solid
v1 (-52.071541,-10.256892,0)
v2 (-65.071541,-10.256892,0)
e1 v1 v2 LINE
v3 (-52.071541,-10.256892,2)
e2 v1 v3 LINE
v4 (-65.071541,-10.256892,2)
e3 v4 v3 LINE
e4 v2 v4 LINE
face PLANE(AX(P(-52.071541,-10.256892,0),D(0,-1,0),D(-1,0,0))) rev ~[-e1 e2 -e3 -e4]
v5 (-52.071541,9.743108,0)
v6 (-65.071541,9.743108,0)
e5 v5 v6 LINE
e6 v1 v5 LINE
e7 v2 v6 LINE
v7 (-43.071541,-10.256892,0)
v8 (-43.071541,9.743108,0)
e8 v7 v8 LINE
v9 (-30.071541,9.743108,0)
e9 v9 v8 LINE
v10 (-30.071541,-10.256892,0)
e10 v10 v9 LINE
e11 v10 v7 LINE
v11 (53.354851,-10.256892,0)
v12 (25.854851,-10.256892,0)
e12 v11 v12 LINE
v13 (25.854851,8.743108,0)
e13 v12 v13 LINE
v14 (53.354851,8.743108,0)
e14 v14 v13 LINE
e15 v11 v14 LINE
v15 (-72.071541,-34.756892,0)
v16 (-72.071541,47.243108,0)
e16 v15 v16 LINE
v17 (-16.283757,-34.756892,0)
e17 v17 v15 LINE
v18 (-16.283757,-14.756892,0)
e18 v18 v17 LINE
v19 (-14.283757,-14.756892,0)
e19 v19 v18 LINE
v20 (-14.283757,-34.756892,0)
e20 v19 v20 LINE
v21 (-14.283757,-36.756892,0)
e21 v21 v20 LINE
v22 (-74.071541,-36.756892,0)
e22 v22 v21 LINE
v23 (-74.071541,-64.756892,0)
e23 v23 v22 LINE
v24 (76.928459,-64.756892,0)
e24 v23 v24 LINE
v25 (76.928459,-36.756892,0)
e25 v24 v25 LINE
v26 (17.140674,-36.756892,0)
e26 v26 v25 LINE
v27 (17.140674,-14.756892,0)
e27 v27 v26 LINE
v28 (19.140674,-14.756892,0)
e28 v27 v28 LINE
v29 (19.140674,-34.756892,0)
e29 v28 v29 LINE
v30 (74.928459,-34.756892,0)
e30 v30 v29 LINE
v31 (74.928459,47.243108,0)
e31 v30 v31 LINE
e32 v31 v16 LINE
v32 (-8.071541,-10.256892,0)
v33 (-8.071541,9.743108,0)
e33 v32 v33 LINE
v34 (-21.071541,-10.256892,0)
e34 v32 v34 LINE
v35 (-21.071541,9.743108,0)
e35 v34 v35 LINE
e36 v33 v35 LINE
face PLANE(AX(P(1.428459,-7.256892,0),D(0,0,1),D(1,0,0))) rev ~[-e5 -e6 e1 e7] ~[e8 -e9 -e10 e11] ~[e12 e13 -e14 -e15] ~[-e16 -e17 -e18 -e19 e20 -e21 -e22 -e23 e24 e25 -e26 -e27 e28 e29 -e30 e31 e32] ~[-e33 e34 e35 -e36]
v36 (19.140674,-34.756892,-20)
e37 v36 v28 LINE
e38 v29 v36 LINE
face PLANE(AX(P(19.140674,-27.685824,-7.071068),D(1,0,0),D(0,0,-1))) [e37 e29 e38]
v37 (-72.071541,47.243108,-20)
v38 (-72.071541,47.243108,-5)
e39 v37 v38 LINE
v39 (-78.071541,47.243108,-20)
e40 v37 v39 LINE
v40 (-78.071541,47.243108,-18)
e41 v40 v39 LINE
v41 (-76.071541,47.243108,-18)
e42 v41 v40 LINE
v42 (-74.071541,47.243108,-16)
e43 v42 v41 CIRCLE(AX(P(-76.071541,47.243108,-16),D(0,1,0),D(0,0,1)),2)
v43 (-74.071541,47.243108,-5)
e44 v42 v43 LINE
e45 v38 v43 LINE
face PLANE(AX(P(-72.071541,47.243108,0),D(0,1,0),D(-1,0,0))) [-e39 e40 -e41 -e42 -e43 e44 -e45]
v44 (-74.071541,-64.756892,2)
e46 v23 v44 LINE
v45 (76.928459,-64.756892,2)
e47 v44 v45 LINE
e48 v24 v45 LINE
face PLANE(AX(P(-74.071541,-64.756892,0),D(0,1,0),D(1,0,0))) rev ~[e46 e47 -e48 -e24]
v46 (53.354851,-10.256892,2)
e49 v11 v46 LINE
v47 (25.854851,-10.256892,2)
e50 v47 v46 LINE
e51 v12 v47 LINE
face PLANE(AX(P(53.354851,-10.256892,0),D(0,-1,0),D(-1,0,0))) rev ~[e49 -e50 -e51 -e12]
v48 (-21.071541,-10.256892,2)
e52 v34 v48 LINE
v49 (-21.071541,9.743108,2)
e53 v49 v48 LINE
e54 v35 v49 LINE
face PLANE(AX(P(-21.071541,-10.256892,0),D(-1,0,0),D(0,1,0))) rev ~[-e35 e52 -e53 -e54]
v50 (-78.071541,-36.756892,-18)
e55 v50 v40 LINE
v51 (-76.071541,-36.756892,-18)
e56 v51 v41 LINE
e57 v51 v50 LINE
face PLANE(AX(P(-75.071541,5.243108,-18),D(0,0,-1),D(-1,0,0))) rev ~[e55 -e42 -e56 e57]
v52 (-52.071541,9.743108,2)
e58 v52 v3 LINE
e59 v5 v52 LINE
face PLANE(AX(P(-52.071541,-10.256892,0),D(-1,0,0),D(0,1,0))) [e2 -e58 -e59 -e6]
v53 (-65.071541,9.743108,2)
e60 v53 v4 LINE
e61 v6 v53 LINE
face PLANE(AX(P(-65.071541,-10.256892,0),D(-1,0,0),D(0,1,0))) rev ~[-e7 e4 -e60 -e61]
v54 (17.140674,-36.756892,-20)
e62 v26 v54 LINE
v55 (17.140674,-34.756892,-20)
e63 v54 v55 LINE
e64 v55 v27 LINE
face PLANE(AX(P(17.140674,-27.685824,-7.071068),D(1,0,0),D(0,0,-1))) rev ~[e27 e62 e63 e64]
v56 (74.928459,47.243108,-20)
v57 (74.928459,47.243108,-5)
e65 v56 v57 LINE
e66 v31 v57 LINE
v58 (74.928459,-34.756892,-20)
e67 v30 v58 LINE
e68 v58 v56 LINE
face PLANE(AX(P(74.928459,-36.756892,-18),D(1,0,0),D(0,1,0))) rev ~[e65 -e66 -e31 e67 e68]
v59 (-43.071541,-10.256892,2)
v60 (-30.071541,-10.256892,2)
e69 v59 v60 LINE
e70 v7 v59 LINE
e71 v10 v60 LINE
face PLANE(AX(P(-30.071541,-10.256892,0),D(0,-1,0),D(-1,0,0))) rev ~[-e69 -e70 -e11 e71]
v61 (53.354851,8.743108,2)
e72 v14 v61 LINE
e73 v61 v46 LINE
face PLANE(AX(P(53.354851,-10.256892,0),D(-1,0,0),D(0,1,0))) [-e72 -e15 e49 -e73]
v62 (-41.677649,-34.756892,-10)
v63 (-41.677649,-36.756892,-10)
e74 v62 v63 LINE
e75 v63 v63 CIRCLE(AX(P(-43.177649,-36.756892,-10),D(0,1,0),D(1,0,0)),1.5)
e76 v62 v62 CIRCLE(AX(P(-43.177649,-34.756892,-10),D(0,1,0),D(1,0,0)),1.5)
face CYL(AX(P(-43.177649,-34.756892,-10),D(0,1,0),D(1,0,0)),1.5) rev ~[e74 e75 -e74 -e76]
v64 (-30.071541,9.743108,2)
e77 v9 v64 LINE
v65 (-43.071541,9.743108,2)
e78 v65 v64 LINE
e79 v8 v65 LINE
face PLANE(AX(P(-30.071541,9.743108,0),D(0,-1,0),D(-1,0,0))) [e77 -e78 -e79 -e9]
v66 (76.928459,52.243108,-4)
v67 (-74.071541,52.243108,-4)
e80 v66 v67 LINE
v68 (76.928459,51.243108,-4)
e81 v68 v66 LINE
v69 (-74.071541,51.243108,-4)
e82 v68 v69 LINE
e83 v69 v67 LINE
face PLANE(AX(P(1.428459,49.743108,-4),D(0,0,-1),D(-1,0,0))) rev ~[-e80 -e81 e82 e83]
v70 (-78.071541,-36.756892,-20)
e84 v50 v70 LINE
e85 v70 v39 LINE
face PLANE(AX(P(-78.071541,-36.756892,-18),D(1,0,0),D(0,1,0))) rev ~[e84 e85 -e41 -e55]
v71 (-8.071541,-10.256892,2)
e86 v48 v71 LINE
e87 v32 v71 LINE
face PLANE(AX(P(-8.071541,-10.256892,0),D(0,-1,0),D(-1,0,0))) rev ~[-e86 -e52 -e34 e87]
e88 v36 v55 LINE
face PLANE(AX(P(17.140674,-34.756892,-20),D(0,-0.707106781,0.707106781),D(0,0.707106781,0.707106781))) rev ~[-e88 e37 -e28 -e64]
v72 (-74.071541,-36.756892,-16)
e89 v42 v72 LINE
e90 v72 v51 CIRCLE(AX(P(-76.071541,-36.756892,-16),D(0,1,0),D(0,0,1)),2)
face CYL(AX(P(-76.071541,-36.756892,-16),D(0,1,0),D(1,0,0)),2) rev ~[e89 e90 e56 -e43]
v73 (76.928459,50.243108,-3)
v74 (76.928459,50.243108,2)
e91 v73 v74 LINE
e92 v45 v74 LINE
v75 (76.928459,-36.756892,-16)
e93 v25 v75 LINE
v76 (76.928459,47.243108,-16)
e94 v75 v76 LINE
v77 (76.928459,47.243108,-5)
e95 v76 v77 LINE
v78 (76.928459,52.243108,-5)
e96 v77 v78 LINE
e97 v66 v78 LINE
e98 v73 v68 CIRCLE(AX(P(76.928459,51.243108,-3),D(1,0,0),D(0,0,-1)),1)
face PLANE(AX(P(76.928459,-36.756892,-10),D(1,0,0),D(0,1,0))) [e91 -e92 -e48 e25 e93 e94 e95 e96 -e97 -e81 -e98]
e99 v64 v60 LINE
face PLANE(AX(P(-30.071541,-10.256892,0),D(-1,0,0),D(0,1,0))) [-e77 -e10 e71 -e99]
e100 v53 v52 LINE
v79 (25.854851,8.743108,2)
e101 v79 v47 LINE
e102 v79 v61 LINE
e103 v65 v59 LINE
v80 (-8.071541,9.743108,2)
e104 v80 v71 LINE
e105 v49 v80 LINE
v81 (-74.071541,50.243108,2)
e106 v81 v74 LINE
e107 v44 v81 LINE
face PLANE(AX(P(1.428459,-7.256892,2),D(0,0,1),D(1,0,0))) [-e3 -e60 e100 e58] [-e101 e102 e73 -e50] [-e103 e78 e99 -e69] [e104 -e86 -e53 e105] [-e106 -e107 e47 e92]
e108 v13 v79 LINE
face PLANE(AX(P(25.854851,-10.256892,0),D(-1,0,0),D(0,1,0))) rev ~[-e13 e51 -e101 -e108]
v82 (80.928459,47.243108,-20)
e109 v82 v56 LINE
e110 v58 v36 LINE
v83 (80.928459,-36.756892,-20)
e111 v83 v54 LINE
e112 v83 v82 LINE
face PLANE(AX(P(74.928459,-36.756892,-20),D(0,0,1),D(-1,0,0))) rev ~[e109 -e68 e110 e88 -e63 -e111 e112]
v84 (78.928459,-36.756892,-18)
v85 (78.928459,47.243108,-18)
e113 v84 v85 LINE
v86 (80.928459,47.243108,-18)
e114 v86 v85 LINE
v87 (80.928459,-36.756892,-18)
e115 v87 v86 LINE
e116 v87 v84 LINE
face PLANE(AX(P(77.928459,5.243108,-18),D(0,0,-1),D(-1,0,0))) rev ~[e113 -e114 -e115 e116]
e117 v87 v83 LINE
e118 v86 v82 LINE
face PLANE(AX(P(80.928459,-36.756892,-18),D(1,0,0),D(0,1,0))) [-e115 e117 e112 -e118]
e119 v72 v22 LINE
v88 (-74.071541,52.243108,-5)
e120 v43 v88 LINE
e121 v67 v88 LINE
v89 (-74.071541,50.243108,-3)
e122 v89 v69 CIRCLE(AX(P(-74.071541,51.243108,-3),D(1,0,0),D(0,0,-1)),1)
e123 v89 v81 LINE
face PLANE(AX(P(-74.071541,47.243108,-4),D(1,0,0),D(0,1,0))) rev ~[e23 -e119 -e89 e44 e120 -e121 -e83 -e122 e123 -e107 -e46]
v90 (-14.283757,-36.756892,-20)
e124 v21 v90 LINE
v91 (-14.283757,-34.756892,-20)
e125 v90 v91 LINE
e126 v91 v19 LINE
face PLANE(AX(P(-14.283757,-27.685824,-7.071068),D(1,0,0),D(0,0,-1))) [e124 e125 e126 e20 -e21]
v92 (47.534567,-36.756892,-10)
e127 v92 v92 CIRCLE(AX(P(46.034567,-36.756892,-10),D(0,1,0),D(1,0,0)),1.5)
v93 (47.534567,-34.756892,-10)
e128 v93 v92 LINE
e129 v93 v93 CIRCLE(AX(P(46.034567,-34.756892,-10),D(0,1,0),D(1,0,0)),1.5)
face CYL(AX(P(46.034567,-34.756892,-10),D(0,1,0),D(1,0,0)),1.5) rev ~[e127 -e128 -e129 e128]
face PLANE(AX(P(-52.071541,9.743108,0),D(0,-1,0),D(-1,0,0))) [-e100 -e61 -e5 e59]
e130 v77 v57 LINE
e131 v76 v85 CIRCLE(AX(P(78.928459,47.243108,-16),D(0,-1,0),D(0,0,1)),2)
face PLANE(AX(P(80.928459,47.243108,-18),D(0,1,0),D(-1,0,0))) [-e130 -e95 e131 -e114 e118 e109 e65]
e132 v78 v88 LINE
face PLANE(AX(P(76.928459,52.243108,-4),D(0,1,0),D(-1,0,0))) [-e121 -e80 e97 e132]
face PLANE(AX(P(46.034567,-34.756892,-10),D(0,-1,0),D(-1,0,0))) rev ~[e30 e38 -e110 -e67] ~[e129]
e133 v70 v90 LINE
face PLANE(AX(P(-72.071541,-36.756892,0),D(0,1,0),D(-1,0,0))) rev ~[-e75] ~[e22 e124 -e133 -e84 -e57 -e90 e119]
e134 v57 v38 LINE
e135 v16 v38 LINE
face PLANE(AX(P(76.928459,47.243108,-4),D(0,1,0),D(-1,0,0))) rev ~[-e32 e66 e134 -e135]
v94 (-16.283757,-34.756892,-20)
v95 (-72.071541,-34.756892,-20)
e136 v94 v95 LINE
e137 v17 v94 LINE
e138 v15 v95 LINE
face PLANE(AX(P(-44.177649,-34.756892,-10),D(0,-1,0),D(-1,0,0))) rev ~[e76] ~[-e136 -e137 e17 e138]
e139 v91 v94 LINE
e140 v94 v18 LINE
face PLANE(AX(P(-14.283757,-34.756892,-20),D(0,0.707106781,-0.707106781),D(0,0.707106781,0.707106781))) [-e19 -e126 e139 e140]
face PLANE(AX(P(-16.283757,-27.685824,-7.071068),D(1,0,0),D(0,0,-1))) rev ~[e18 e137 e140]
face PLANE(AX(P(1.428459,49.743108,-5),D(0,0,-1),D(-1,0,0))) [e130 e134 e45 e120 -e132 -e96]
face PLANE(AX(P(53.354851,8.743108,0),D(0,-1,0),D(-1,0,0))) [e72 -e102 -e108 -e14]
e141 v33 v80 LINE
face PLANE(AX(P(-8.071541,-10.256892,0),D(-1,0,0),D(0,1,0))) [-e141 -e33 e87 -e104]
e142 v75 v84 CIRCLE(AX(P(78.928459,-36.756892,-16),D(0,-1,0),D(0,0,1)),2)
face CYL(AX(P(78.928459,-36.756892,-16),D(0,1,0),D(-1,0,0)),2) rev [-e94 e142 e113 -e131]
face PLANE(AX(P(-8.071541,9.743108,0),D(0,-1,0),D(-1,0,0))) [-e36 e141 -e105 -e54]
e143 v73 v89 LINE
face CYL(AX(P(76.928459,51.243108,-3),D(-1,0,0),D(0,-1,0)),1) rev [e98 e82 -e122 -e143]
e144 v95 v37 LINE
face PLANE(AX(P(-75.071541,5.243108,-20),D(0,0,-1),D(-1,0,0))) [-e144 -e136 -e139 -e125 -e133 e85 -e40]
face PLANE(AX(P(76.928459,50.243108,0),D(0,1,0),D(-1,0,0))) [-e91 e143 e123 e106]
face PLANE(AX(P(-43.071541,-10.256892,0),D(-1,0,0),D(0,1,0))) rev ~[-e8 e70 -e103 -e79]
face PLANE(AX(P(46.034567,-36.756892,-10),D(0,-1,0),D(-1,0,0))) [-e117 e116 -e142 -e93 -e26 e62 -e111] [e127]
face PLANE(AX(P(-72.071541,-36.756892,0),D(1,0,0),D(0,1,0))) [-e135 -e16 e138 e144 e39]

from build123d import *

# Parameters (mm, degrees)
SKETCH1_W            = 151
SKETCH1_H            = 115
BOSS_EXTRUDE1_DEPTH  = 2
SKETCH2_W            = 13
SKETCH2_H            = 20
CUT_EXTRUDE1_DEPTH   = 2
SKETCH3_W            = 27.5
SKETCH3_H            = 19
CUT_EXTRUDE2_DEPTH   = 2
SKETCH4_W            = 151
SKETCH4_H            = 3
BOSS_EXTRUDE2_DEPTH  = 4
SKETCH6_W            = 151
SKETCH6_H            = 5
BOSS_EXTRUDE3_DEPTH  = 1
FILLET1_R            = 1
SKETCH7_W            = 2
SKETCH7_H            = 84
BOSS_EXTRUDE4_DEPTH  = 10
SKETCH8_W            = 27.5
SKETCH8_H            = 19
SKETCH8_W_2          = 13
SKETCH8_H_2          = 20
CUT_EXTRUDE3_DEPTH   = 10
SKETCH9_W            = 126.512620881
SKETCH9_H            = 26.913833817
BOSS_EXTRUDE5_DEPTH  = 2
SKETCH10_W           = 2
SKETCH10_H           = 84
BOSS_EXTRUDE6_DEPTH  = 8
SKETCH12_W           = 6
SKETCH12_H           = 84
BOSS_EXTRUDE7_DEPTH  = 2
FILLET2_R            = 2
FILLET3_R            = 2
SKETCH14_W           = 57.787784132
SKETCH14_H           = 20
SKETCH14_W_2         = 59.787784131
BOSS_EXTRUDE8_DEPTH  = 2
SKETCH15_R           = 1.5
CUT_EXTRUDE4_DEPTH   = 2
BOSS_EXTRUDE9_DEPTH  = 2
BOSS_EXTRUDE10_DEPTH = 2


with BuildPart() as part:
    # Sketch1 → Boss-Extrude1 (new body)
    with BuildSketch(Plane.XY):
        with Locations((1.428458571, -7.256892256)):
            Rectangle(SKETCH1_W, SKETCH1_H)
    extrude(amount=BOSS_EXTRUDE1_DEPTH)

    # Sketch2 → Cut-Extrude1 (cut)
    with BuildSketch(Plane.XY.offset(2)):
        with Locations((-58.571541429, -29.756892256)):
            Rectangle(SKETCH2_W, SKETCH2_H)
        with Locations((-36.571541429, -29.756892256)):
            Rectangle(SKETCH2_W, SKETCH2_H)
        with Locations((-14.571541429, -29.756892256)):
            Rectangle(SKETCH2_W, SKETCH2_H)
    extrude(amount=-CUT_EXTRUDE1_DEPTH, mode=Mode.SUBTRACT)

    # Sketch3 → Cut-Extrude2 (cut)
    with BuildSketch(Plane.XY.offset(2)):
        with Locations((39.228458571, -29.756892256)):
            Rectangle(SKETCH3_W, SKETCH3_H)
    extrude(amount=-CUT_EXTRUDE2_DEPTH, mode=Mode.SUBTRACT)

    # Sketch4 → Boss-Extrude2 (add)
    with BuildSketch(Plane(origin=(0, 0, 0), x_dir=(-1, 0, 0), z_dir=(0, 0, -1))):
        with Locations((-1.428458571, 48.743107744)):
            Rectangle(SKETCH4_W, SKETCH4_H)
    extrude(amount=BOSS_EXTRUDE2_DEPTH)

    # Sketch6 → Boss-Extrude3 (add)
    with BuildSketch(Plane(origin=(0, 0, -4), x_dir=(-1, 0, 0), z_dir=(0, 0, -1))):
        with Locations((-1.428458571, 49.743107744)):
            Rectangle(SKETCH6_W, SKETCH6_H)
    extrude(amount=BOSS_EXTRUDE3_DEPTH)

    # Fillet1
    fillet1_edges = [part.edges().sort_by_distance(p)[0] for p in [
        (1.428458571, 50.243107744, -4),
    ]]
    fillet(fillet1_edges, radius=FILLET1_R)

    # Sketch7 → Boss-Extrude4 (add)
    with BuildSketch(Plane(origin=(0, 0, 0), x_dir=(-1, 0, 0), z_dir=(0, 0, -1))):
        with Locations((-75.928458571, 5.243107744)):
            Rectangle(SKETCH7_W, SKETCH7_H)
        with Locations((73.071541429, 5.243107744)):
            Rectangle(SKETCH7_W, SKETCH7_H)
    extrude(amount=BOSS_EXTRUDE4_DEPTH)

    # Sketch8 → Cut-Extrude3 (cut)
    with BuildSketch(Plane(origin=(0, 0, 0), x_dir=(-1, 0, 0), z_dir=(0, 0, -1))):
        with Locations((-39.604851179, -0.756892256)):
            Rectangle(SKETCH8_W, SKETCH8_H)
        with Locations((14.571541429, -0.256892256)):
            Rectangle(SKETCH8_W_2, SKETCH8_H_2)
        with Locations((36.571541429, -0.256892256)):
            Rectangle(SKETCH8_W_2, SKETCH8_H_2)
        with Locations((58.571541429, -0.256892256)):
            Rectangle(SKETCH8_W_2, SKETCH8_H_2)
    extrude(amount=-CUT_EXTRUDE3_DEPTH, mode=Mode.SUBTRACT)

    # Sketch9 → Boss-Extrude5 (add)
    with BuildSketch(Plane(origin=(0, 0, 0), x_dir=(-1, 0, 0), z_dir=(0, 0, -1))):
        with Locations((5.18783125, -30.15024479)):
            Rectangle(SKETCH9_W, SKETCH9_H)
    extrude(amount=-BOSS_EXTRUDE5_DEPTH)

    # Sketch10 → Boss-Extrude6 (add)
    with BuildSketch(Plane(origin=(0, 0, -10), x_dir=(-1, 0, 0), z_dir=(0, 0, -1))):
        with Locations((-75.928458571, 5.243107744)):
            Rectangle(SKETCH10_W, SKETCH10_H)
        with Locations((73.071541429, 5.243107744)):
            Rectangle(SKETCH10_W, SKETCH10_H)
    extrude(amount=BOSS_EXTRUDE6_DEPTH)

    # Sketch12 → Boss-Extrude7 (add)
    with BuildSketch(Plane(origin=(0, 0, -18), x_dir=(-1, 0, 0), z_dir=(0, 0, -1))):
        with Locations((-77.928458571, 5.243107744)):
            Rectangle(SKETCH12_W, SKETCH12_H)
        with Locations((75.071541429, 5.243107744)):
            Rectangle(SKETCH12_W, SKETCH12_H)
    extrude(amount=BOSS_EXTRUDE7_DEPTH)

    # Fillet2
    fillet2_edges = [part.edges().sort_by_distance(p)[0] for p in [
        (76.928458571, 5.243107744, -18),
    ]]
    fillet(fillet2_edges, radius=FILLET2_R)

    # Fillet3
    fillet3_edges = [part.edges().sort_by_distance(p)[0] for p in [
        (-74.071541429, 5.243107744, -18),
    ]]
    fillet(fillet3_edges, radius=FILLET3_R)

    # Sketch14 → Boss-Extrude8 (add)
    with BuildSketch(Plane(origin=(0, -36.756892256, 0), x_dir=(-1, 0, 0), z_dir=(0, -1, 0))):
        with Locations((-46.034566505, 10)):
            Rectangle(SKETCH14_W, SKETCH14_H)
        with Locations((44.177649364, 10)):
            Rectangle(SKETCH14_W_2, SKETCH14_H)
    extrude(amount=-BOSS_EXTRUDE8_DEPTH)

    # Sketch15 → Cut-Extrude4 (cut)
    with BuildSketch(Plane(origin=(0, -34.756892256, 0), x_dir=(1, 0, 0), z_dir=(0, 1, 0))):
        with Locations((46.034566505, 10)):
            Circle(SKETCH15_R)
        with Locations((-43.177649364, 10)):
            Circle(SKETCH15_R)
    extrude(amount=-CUT_EXTRUDE4_DEPTH, mode=Mode.SUBTRACT)

    # Sketch16 → Boss-Extrude9 (add)
    with BuildSketch(Plane.ZY.offset(-17.140674439)):
        Polygon((0, -34.756892256), (-20, -34.756892256), (0, -14.756892256), align=None)
    extrude(amount=-BOSS_EXTRUDE9_DEPTH)

    # Sketch18 → Boss-Extrude10 (add)
    with BuildSketch(Plane(origin=(-14.283757298, 0, 0), x_dir=(0, 0, -1), z_dir=(1, 0, 0))):
        Polygon((0, -34.756892256), (20, -34.756892256), (0, -14.756892256), align=None)
    extrude(amount=-BOSS_EXTRUDE10_DEPTH)


solid = part.part
